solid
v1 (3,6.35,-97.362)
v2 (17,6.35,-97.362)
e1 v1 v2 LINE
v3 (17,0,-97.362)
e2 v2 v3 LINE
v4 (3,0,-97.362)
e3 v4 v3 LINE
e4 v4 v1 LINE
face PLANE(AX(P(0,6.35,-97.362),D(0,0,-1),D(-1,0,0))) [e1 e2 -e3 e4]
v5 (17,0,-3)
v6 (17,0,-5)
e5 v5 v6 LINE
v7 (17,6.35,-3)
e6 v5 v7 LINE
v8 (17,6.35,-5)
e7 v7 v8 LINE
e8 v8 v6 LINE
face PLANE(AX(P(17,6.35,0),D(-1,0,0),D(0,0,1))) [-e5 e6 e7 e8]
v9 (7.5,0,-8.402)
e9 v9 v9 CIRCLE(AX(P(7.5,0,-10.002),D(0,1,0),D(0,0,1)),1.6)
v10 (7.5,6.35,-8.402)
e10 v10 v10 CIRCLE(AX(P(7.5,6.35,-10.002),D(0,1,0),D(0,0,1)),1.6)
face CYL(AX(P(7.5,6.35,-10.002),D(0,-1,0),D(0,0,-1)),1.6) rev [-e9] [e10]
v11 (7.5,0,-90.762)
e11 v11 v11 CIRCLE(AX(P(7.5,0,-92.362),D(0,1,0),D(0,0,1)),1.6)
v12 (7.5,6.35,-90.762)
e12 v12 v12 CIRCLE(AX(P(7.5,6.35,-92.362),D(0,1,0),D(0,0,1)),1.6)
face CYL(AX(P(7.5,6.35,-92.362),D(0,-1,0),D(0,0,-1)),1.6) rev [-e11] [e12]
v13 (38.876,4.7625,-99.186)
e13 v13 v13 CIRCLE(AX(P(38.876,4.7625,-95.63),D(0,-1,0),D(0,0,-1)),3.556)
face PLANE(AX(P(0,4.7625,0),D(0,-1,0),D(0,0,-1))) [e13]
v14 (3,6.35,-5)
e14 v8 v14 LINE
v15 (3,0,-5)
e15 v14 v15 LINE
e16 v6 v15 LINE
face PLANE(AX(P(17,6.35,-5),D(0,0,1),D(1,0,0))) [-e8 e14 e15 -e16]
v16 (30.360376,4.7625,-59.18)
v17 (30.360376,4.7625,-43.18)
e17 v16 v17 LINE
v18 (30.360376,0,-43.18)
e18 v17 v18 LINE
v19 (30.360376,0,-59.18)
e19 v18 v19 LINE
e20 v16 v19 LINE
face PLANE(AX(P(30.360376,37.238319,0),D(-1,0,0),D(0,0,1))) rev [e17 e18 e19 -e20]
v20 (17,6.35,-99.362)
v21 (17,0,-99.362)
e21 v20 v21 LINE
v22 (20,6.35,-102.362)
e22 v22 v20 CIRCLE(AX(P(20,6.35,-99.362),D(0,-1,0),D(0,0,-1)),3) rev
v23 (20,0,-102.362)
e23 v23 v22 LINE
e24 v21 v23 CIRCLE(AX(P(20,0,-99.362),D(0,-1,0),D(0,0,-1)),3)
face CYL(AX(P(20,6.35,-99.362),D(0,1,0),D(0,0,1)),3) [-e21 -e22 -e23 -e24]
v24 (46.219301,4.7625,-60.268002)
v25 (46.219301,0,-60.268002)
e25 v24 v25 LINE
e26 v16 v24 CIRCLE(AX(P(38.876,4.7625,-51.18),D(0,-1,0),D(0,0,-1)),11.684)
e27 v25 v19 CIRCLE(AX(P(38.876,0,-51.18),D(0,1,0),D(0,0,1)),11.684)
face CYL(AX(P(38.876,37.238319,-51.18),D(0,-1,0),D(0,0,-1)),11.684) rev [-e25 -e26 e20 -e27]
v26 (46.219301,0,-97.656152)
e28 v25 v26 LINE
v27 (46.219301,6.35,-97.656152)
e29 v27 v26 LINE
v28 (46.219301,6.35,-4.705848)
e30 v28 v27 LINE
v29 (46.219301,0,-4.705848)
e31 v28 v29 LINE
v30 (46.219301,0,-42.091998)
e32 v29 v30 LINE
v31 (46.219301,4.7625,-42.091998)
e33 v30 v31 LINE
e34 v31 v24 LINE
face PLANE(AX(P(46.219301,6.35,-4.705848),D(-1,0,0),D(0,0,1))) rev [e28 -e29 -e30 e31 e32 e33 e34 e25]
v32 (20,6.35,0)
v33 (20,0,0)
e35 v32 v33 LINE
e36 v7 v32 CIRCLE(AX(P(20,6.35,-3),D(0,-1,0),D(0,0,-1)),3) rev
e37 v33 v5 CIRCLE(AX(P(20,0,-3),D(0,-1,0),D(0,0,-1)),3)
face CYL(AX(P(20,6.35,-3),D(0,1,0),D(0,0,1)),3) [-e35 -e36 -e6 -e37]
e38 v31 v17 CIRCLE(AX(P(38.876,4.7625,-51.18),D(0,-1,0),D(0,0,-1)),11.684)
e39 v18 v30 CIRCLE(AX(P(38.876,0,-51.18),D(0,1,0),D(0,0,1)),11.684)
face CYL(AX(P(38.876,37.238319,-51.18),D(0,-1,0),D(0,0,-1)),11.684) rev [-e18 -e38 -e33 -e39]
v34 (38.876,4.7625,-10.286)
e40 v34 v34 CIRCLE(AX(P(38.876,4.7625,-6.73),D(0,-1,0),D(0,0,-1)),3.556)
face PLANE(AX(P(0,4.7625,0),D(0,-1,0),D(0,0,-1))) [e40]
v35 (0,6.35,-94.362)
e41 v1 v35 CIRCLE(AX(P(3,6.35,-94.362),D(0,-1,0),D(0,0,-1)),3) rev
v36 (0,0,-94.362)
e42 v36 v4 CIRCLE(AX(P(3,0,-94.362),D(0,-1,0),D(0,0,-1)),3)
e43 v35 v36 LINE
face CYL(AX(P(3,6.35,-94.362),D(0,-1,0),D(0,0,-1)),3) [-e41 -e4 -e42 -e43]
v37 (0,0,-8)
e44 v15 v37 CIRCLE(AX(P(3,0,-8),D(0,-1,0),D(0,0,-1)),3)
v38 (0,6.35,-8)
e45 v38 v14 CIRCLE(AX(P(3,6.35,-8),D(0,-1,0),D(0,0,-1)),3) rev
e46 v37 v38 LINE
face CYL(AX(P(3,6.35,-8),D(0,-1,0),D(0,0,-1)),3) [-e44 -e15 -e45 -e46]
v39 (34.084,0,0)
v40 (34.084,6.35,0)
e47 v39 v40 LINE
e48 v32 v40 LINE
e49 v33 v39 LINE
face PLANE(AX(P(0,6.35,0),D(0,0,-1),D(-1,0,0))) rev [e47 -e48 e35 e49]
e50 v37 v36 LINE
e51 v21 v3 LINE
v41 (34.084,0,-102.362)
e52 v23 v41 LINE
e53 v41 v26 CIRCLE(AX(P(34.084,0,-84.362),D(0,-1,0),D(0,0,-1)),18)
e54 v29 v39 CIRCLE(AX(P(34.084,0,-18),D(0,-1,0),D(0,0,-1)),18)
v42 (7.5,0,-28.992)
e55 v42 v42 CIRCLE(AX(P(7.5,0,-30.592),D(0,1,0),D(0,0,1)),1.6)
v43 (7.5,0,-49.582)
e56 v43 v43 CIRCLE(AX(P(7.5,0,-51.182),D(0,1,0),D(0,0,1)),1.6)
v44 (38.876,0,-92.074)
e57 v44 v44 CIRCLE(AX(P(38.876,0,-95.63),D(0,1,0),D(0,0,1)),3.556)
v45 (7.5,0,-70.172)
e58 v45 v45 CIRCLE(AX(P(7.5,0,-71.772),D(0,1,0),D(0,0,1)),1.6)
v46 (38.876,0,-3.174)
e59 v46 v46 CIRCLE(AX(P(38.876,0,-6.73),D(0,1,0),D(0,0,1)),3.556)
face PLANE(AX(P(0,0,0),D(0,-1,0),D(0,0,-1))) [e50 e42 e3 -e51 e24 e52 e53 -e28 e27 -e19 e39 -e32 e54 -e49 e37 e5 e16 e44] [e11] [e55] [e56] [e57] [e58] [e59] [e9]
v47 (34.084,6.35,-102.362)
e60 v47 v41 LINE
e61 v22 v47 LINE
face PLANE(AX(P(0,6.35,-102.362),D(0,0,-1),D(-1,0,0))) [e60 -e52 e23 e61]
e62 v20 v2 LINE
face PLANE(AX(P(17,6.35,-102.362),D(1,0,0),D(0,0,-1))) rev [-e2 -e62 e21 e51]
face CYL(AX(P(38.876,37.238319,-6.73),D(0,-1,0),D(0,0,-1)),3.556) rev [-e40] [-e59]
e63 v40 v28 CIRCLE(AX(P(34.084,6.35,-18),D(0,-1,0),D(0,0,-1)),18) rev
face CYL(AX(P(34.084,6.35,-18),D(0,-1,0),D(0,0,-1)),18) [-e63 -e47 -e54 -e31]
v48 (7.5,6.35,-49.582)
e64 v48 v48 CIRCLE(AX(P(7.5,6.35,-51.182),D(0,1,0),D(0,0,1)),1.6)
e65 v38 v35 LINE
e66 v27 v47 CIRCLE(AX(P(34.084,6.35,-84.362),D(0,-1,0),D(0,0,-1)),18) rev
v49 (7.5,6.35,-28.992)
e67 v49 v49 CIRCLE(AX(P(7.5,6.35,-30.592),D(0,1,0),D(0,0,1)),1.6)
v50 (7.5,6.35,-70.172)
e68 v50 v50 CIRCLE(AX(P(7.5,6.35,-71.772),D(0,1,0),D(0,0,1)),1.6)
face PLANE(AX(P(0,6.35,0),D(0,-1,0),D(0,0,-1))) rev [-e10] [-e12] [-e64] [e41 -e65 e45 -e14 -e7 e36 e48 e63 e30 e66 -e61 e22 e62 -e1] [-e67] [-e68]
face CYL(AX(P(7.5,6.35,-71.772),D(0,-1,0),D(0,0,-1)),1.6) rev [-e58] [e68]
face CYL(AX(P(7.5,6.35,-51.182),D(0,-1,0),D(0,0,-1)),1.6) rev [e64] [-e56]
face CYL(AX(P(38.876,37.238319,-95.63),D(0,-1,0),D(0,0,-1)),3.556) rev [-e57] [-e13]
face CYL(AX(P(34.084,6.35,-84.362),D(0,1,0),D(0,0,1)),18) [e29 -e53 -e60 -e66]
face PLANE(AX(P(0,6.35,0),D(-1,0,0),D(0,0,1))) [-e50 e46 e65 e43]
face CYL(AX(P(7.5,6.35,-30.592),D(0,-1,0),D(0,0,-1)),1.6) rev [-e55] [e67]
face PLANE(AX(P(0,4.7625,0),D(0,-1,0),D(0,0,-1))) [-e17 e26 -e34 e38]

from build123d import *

# Parameters (mm, degrees)
SKETCH1_W           = 52.084
SKETCH1_H           = 102.362
BOSS_EXTRUDE1_DEPTH = 6.35
SKETCH1_4_R         = 1.6
CUT_EXTRUDE2_DEPTH  = 116.026277867
SKETCH1_5_R         = 3.556
CUT_EXTRUDE3_DEPTH  = 4.7625
FILLET1_R           = 18
SKETCH1_7_W         = 17
SKETCH1_7_H         = 5
CUT_EXTRUDE4_DEPTH  = 116.026277867
FILLET4_R           = 3
SKETCH3_W           = 22.451753575
SKETCH3_H           = 92.950303638
CUT_EXTRUDE6_DEPTH  = 6.35


with BuildPart() as part:
    # Sketch1 → Boss-Extrude1 (new body)
    with BuildSketch(Plane(origin=(0, 0, 0), x_dir=(1, 0, 0), z_dir=(0, 1, 0))):
        with Locations((26.042, 51.181)):
            Rectangle(SKETCH1_W, SKETCH1_H)
    extrude(amount=BOSS_EXTRUDE1_DEPTH)

    # Sketch1<4> → Cut-Extrude2 (cut, through all)
    with BuildSketch(Plane(origin=(0, 0, 0), x_dir=(1, 0, 0), z_dir=(0, 1, 0))):
        with BuildLine():
            ThreePointArc((9.1, 71.772), (8.63137085, 72.90337085), (7.5, 73.372))
            Line((7.5, 73.372), (7.5, 70.172))
            ThreePointArc((7.5, 70.172), (8.63137085, 70.64062915), (9.1, 71.772))
        make_face()
        with BuildLine():
            Line((7.5, 70.172), (7.5, 73.372))
            ThreePointArc((7.5, 73.372), (5.9, 71.772), (7.5, 70.172))
        make_face()
        with Locations(Location((7.5, 92.362, 0), (0, 0, 270))):
            Circle(SKETCH1_4_R)
        with Locations(Location((7.5, 51.182, 0), (0, 0, 270))):
            Circle(SKETCH1_4_R)
        with Locations(Location((7.5, 30.592, 0), (0, 0, 270))):
            Circle(SKETCH1_4_R)
        with Locations(Location((7.5, 10.002, 0), (0, 0, 270))):
            Circle(SKETCH1_4_R)
    extrude(amount=CUT_EXTRUDE2_DEPTH, mode=Mode.SUBTRACT)

    # Sketch1<5> → Cut-Extrude3 (cut)
    with BuildSketch(Plane(origin=(0, 0, 0), x_dir=(1, 0, 0), z_dir=(0, 1, 0))):
        with Locations(Location((38.876, 95.63, 0), (0, 0, 90))):
            Circle(SKETCH1_5_R)
        with Locations(Location((38.876, 6.73, 0), (0, 0, 90))):
            Circle(SKETCH1_5_R)
        with BuildLine():
            Line((30.360375772, 43.18), (30.360375772, 59.18))
            ThreePointArc((30.360375772, 59.18), (50.56, 51.18), (30.360375772, 43.18))
        make_face()
    extrude(amount=CUT_EXTRUDE3_DEPTH, mode=Mode.SUBTRACT)

    # Fillet1
    fillet1_edges = [part.edges().sort_by_distance(p)[0] for p in [
        (52.084, 3.175, 0),
        (52.084, 3.175, -102.362),
    ]]
    fillet(fillet1_edges, radius=FILLET1_R)

    # Sketch1<7> → Cut-Extrude4 (cut, through all)
    with BuildSketch(Plane(origin=(0, 0, 0), x_dir=(1, 0, 0), z_dir=(0, 1, 0))):
        with Locations((8.5, 2.5)):
            Rectangle(SKETCH1_7_W, SKETCH1_7_H)
        with Locations((8.5, 99.862)):
            Rectangle(SKETCH1_7_W, SKETCH1_7_H)
    extrude(amount=CUT_EXTRUDE4_DEPTH, mode=Mode.SUBTRACT)

    # Fillet4
    fillet4_edges = [part.edges().sort_by_distance(p)[0] for p in [
        (0, 3.175, -5),
        (17, 3.175, 0),
        (0, 3.175, -97.362),
        (17, 3.175, -102.362),
    ]]
    fillet(fillet4_edges, radius=FILLET4_R)

    # Sketch3 → Cut-Extrude6 (cut)
    with BuildSketch(Plane.XZ):
        with Locations((57.445177666, -51.181)):
            Rectangle(SKETCH3_W, SKETCH3_H)
    extrude(amount=-CUT_EXTRUDE6_DEPTH, mode=Mode.SUBTRACT)


solid = part.part
